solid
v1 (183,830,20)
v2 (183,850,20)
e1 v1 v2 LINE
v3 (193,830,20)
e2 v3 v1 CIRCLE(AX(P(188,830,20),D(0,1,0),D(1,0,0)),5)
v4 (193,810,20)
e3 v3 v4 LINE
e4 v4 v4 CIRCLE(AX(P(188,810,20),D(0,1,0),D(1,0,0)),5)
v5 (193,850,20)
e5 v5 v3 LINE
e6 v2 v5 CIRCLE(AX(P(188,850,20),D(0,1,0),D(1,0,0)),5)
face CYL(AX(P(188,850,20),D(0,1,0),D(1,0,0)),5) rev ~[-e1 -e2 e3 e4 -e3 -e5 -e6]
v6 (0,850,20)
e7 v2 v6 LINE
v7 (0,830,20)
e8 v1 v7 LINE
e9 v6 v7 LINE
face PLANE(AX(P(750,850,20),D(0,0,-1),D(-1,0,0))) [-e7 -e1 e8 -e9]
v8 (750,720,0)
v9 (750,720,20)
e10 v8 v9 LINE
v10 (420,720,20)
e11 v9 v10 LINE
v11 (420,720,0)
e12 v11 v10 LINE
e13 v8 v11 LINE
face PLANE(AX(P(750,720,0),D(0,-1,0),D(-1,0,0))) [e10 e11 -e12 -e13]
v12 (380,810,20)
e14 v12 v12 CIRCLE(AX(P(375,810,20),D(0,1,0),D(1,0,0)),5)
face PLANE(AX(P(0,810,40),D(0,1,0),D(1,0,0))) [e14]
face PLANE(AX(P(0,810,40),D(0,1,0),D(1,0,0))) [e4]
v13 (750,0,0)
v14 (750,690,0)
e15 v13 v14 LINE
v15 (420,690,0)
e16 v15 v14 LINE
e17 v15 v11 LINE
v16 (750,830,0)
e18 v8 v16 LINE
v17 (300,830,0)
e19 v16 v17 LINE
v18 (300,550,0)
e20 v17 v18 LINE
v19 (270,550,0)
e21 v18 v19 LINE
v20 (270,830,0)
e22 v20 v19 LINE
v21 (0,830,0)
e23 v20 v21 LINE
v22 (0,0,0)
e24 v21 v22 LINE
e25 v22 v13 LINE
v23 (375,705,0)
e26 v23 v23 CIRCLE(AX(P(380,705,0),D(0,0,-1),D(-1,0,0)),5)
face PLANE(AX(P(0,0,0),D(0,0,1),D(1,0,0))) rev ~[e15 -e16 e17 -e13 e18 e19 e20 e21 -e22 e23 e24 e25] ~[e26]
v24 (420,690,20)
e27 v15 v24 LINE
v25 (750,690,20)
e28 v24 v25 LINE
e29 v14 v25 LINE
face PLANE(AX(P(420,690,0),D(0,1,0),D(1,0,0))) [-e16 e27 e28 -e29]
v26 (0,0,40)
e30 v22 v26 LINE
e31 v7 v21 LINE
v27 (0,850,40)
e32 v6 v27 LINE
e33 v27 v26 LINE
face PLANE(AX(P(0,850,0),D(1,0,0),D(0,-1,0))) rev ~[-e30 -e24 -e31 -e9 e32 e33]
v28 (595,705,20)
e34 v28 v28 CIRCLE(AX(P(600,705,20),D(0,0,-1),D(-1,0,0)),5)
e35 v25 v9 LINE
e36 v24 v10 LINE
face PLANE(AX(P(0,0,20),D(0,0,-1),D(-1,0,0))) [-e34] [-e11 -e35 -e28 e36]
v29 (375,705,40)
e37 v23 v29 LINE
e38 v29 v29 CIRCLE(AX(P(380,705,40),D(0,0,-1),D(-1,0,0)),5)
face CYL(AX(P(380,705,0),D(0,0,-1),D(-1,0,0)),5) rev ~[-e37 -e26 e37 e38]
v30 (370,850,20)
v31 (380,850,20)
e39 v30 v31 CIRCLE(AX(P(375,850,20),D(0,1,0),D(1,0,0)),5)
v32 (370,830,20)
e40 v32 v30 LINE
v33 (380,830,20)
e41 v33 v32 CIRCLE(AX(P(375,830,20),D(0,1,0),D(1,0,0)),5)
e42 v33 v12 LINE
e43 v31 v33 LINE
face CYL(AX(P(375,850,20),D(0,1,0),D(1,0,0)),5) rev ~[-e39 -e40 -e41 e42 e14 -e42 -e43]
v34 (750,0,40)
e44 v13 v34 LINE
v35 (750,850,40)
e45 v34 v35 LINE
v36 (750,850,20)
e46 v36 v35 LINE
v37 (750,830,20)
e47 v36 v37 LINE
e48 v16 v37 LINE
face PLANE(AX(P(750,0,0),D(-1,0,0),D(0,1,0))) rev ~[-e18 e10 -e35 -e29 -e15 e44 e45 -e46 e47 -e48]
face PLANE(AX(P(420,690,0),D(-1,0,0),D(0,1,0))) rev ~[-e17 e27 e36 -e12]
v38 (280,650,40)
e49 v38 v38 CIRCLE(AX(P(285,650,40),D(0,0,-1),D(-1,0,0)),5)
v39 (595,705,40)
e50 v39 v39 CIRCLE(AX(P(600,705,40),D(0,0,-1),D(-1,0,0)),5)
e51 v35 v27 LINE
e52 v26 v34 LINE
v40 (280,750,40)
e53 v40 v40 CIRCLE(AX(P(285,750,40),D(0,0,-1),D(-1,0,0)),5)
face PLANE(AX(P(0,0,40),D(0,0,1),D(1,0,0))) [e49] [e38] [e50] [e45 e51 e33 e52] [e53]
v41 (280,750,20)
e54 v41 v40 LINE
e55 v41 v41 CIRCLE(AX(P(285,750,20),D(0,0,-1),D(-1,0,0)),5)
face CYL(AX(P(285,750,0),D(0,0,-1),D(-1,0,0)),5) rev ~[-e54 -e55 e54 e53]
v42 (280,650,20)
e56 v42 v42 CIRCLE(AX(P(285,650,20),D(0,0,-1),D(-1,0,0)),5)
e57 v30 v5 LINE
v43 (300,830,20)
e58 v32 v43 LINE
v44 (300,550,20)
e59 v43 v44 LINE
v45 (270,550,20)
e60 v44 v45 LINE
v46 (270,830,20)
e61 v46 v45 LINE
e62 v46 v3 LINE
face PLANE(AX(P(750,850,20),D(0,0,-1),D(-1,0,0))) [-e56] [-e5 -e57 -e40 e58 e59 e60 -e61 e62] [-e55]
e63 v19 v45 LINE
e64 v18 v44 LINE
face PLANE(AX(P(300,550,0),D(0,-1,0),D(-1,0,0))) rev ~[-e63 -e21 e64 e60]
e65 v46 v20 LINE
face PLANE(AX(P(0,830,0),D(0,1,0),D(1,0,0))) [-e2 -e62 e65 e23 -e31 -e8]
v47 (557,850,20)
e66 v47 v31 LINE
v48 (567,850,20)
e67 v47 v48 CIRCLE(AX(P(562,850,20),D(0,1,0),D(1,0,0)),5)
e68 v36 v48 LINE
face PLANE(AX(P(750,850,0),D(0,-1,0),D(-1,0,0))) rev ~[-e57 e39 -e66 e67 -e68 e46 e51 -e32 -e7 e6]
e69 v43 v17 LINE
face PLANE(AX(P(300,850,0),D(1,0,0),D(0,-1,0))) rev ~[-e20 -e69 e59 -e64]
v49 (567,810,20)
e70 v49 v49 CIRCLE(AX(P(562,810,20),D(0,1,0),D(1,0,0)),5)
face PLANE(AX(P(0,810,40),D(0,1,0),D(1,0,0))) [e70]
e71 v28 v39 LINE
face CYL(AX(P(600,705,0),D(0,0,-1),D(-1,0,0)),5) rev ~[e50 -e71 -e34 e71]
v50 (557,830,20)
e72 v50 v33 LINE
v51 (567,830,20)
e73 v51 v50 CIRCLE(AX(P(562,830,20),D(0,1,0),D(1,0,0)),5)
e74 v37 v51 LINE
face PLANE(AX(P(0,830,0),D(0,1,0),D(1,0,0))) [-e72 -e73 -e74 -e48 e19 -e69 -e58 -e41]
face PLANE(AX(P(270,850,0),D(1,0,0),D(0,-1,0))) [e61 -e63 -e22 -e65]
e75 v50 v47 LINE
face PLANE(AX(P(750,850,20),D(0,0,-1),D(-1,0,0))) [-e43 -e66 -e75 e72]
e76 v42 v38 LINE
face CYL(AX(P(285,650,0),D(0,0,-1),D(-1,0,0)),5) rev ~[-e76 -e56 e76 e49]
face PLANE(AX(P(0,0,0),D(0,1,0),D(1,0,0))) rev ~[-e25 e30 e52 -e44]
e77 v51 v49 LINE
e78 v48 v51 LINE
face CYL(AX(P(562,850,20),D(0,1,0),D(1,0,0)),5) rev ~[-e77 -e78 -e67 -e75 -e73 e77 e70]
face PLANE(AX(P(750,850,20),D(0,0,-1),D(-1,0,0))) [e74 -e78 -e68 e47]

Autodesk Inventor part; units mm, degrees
ref_plane "YZ Plane" through (0, 0, 0) normal (1, 0, 0) x (0, 1, 0)
ref_plane "XZ Plane" through (0, 0, 0) normal (0, 1, 0) x (-1, 0, 0)
ref_plane "XY Plane" through (0, 0, 0) normal (0, 0, 1) x (1, 0, 0)
sketch "Sketch1" plane through (0, 0, 0) normal (0, 0, 1) x (1, 0, 0)
  line L0 (0, 0) -> (750, 0)
  line L1 (750, 0) -> (750, 850)
  line L2 (750, 850) -> (0, 850)
  line L3 (0, 850) -> (0, 0)
  dimension "d0" = 750
  dimension "d1" = 850
extrude "Extrusion1" add sketch "Sketch1" along normal blind 40
sketch "Sketch2" plane through (0, 850, 0) normal (0, 1, 0) x (1, 0, 0)
  line L0 (750, 0) -> (0, 0) projected
  line L1 (0, 0) -> (750, 0)
  line L2 (750, 0) -> (750, -20)
  line L3 (750, -20) -> (0, -20)
  line L4 (0, -20) -> (0, 0)
  dimension "d4" = 750
  dimension "d5" = 20
extrude "Extrusion2" cut sketch "Sketch2" against normal blind 20
sketch "Sketch3" plane through (0, 850, 40) normal (0, 1, 0) x (1, 0, 0)
  line L0 (0, 20) -> (0, 0) projected
  circle A0 centre (562, 20) radius 5
  circle A1 centre (375, 20) radius 5
  circle A2 centre (188, 20) radius 5
  point P0 (0, 40)
  dimension "d11" = 10
  dimension "d12" = 10
  dimension "d13" = 10
extrude "Extrusion3" cut sketch "Sketch3" against normal blind 40
thread "Thread1" size "M10x1.5" class "6H" standard "ANSI Metric M Profile" full length
thread "Thread2" size "M10x1.5" class "6H" standard "ANSI Metric M Profile" full length
thread "Thread3" size "M10x1.5" class "6H" standard "ANSI Metric M Profile" full length
sketch "Sketch4" plane through (0, 0, 0) normal (0, 0, -1) x (-1, 0, 0)
  line L0 (-750, 720) -> (0, 720)
  line L1 (0, 850) -> (0, 0) projected
  line L2 (-750, 720) -> (0, 720)
  line L3 (0, 720) -> (0, 690)
  line L4 (0, 690) -> (-750, 690)
  line L5 (-750, 690) -> (-750, 720)
  line L6 (0, 690) -> (-420, 690)
  line L7 (-420, 690) -> (-420, 720)
  line L8 (-420, 720) -> (0, 720)
  line L9 (0, 720) -> (0, 690)
  dimension "d23" = 30
  dimension "d24" = 420
  dimension "d25" = 30
extrude "Extrusion4" cut sketch "Sketch4" against normal blind 20 contours L0 L7 L4 L5
sketch "Sketch5" plane through (0, 0, 0) normal (0, 0, -1) x (-1, 0, 0)
  line L0 (-750, 850) -> (0, 850) projected
  line L1 (0, 850) -> (-300, 850)
  line L2 (-300, 850) -> (-300, 550)
  line L3 (-300, 550) -> (0, 550)
  line L4 (0, 550) -> (0, 850)
  line L5 (-300, 850) -> (-270, 850)
  line L6 (-270, 850) -> (-270, 550)
  line L7 (-270, 550) -> (-300, 550)
  line L8 (-300, 550) -> (-300, 850)
  point P0 (0, 0)
  dimension "d28" = 300
  dimension "d29" = 300
  dimension "d30" = 30
extrude "Extrusion5" cut sketch "Sketch5" against normal blind 20 contours L0 L6 L3 L2
sketch "Sketch6" plane through (0, 0, 0) normal (0, 0, -1) x (-1, 0, 0)
  circle A0 centre (-600, 705) radius 5
  circle A1 centre (-380, 705) radius 5
  line L0 (-270, 550) -> (-300, 550) projected
  circle A2 centre (-285, 750) radius 5
  circle A3 centre (-285, 650) radius 5
  point P0 (0, 0)
  point P1 (-750, 690)
  point P2 (-300, 830)
  dimension "d37" = 10
  dimension "d38" = 10
  dimension "d44" = 10
  dimension "d45" = 10
extrude "Extrusion6" cut sketch "Sketch6" against normal blind 81.4375
thread "Thread4" size "M10x1.5" class "6H" standard "ANSI Metric M Profile" full length
thread "Thread5" size "M10x1.5" class "6H" standard "ANSI Metric M Profile" full length
thread "Thread6" size "M10x1.5" class "6H" standard "ANSI Metric M Profile" full length
thread "Thread7" size "M10x1.5" class "6H" standard "ANSI Metric M Profile" full length
properties part number "wall"
